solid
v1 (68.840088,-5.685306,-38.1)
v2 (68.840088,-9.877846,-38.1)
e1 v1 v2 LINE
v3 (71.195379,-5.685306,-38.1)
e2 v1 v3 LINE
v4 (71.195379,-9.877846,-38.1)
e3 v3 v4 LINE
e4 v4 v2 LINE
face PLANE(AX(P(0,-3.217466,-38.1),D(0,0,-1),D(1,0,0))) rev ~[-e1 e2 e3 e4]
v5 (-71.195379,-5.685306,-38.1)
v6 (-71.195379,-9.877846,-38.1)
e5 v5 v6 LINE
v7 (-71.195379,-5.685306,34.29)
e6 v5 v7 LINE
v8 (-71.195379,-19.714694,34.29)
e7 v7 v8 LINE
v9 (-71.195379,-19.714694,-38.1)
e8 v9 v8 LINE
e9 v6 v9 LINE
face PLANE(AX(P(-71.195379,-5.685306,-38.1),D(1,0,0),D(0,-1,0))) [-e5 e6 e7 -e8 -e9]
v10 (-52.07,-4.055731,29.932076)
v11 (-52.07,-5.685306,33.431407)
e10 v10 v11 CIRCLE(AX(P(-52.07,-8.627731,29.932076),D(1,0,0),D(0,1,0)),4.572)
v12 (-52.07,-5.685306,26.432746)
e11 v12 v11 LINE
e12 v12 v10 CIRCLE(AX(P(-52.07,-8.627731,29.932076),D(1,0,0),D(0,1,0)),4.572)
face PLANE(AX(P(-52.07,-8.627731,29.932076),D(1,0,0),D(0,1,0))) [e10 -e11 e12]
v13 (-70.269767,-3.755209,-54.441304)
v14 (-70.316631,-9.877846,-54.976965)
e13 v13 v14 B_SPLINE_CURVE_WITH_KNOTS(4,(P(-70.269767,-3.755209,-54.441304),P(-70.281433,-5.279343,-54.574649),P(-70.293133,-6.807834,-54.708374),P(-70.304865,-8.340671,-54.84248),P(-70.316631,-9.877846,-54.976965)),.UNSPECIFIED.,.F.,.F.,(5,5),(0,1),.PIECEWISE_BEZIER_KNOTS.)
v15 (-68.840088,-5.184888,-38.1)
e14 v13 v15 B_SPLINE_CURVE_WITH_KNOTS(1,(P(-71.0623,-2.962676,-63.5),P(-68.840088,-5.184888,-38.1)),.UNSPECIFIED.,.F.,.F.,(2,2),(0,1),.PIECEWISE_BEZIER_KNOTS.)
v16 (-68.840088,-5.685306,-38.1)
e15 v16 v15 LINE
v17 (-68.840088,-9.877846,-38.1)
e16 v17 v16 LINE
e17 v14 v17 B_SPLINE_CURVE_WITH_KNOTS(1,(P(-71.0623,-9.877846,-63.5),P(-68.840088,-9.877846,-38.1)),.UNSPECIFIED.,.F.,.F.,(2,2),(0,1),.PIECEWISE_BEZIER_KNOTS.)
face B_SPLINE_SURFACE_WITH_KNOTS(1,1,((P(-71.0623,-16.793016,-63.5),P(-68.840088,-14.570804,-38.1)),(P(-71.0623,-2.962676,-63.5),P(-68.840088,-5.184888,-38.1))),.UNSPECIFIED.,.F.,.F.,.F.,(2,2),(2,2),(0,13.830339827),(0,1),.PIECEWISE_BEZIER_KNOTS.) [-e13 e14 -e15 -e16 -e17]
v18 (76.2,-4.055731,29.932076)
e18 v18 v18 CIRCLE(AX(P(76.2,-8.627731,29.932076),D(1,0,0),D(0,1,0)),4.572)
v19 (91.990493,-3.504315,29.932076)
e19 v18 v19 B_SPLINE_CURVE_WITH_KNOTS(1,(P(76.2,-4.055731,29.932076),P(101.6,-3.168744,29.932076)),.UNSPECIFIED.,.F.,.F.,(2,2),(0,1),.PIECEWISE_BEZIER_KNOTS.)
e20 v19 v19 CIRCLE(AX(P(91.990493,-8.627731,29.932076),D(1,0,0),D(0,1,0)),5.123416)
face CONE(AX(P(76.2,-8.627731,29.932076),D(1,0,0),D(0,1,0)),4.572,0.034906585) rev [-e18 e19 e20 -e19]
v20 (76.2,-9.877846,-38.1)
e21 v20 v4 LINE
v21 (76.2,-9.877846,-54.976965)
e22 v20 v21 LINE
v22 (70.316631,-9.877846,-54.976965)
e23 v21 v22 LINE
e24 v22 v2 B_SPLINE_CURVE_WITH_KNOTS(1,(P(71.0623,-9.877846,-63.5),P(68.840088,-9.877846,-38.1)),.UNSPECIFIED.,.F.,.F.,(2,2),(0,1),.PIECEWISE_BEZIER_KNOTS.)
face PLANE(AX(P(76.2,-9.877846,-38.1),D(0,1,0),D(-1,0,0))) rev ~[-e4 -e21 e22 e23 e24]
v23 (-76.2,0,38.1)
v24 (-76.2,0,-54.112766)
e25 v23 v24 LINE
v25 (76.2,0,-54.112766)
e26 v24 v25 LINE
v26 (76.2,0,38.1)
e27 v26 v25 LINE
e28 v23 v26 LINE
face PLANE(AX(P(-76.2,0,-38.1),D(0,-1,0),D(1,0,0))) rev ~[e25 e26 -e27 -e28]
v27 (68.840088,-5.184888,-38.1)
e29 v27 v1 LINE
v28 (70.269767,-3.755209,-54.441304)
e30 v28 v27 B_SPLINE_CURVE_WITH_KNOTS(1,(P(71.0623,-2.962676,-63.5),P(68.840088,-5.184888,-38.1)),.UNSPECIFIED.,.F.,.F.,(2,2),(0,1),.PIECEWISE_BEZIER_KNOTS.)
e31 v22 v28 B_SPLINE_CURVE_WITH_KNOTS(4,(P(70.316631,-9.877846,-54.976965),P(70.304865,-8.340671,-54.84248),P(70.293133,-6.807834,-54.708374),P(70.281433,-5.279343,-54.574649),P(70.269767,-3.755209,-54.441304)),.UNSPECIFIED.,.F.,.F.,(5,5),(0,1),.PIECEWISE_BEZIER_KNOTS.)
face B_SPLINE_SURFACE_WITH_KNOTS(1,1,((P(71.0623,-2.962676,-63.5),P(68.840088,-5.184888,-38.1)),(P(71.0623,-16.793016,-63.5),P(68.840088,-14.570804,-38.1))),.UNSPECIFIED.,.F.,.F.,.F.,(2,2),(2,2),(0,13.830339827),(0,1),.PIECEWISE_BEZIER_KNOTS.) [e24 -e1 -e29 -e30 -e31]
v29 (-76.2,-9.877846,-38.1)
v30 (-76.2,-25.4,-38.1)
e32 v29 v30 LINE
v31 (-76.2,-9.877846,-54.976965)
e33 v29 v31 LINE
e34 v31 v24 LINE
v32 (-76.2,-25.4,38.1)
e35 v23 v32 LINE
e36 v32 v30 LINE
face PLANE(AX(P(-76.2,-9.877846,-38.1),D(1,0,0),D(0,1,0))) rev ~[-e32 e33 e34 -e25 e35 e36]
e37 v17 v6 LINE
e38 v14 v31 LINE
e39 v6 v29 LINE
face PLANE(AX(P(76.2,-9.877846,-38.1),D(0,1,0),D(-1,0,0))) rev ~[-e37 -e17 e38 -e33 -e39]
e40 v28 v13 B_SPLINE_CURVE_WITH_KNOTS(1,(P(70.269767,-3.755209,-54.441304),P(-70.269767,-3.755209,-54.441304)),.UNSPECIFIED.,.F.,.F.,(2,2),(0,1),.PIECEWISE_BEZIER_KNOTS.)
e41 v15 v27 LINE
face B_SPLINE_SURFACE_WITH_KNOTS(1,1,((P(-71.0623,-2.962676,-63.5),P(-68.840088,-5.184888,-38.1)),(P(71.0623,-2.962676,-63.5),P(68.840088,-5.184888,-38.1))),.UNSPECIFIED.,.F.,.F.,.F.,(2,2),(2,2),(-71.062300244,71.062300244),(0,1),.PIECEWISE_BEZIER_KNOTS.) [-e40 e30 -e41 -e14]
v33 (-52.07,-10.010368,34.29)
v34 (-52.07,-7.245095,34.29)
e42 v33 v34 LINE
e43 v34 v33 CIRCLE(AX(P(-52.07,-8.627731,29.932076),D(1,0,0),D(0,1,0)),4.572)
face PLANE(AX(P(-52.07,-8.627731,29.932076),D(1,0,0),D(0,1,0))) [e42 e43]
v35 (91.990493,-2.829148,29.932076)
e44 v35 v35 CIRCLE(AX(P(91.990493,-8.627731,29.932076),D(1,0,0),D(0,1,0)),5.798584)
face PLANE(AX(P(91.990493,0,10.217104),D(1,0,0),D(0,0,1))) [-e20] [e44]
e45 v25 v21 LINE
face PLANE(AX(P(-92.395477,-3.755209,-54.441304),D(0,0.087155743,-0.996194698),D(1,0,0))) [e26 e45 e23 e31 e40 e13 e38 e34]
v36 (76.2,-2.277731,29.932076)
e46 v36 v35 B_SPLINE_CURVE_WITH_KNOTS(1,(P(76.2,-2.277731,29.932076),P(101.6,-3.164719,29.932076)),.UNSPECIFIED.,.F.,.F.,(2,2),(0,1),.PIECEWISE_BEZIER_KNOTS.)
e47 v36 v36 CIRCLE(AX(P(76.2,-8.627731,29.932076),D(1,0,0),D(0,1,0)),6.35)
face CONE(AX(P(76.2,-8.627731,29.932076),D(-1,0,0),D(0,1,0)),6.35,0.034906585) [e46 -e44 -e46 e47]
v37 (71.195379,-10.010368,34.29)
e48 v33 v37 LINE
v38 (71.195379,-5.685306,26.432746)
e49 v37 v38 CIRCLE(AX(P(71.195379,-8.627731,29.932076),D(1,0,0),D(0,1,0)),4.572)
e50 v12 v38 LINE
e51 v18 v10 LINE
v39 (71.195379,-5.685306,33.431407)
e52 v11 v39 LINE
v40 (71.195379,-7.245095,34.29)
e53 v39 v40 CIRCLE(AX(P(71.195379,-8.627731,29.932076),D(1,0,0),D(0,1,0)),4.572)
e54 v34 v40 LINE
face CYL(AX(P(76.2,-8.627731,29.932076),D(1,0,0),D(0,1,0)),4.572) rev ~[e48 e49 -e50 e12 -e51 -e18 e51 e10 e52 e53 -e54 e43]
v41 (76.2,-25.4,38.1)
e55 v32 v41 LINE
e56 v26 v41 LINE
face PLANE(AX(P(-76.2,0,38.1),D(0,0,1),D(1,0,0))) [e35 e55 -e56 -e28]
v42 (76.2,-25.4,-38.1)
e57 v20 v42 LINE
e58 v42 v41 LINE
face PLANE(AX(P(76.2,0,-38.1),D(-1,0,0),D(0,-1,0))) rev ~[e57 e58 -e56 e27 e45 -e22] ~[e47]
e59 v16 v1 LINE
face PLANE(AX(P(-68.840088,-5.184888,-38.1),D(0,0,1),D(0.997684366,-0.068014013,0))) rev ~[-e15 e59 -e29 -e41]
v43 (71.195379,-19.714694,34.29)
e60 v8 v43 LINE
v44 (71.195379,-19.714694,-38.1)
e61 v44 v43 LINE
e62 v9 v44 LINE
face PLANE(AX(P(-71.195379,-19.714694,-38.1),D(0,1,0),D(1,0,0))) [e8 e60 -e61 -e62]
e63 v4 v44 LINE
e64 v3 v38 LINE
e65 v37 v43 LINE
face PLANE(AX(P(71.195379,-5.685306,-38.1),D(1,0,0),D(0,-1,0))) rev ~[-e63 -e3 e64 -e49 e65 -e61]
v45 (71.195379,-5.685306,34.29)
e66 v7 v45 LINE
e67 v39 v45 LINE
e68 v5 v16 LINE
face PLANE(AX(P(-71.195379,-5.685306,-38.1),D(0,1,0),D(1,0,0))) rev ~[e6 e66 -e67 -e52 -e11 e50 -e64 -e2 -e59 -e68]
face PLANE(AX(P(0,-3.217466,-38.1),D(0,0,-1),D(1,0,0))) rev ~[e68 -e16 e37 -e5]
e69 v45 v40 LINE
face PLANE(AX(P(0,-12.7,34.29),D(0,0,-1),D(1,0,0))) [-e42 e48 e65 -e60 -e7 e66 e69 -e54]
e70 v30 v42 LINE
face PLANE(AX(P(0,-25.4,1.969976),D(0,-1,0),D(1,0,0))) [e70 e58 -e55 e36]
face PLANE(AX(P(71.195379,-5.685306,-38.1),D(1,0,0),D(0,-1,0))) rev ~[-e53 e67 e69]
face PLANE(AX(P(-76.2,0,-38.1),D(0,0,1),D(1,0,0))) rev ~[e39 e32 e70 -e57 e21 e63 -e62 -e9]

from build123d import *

# Parameters (mm, degrees)
F0_W      = 152.4
F0_H      = 72.2600477695
F0_H_2    = 3.9399522305
F1_DEPTH  = 25.4
F2_R      = 4.572
F3_DEPTH  = 128.27
F2_R_2    = 6.35
F4_DEPTH  = 25.4
F4_TAPER  = 2
F5_W      = 142.3907577991
F5_H      = 14.0293889403
F6_DEPTH  = 72.39
F7_W      = 41.4440333843
F7_H      = 42.0196391642
F8_DEPTH  = 34.29
F9_W      = 142.3907577991
F9_H      = 4.1925401151
F10_DEPTH = 25.4
F11_W     = 142.1246004887
F11_H     = 6.9151699136
F12_DEPTH = 25.4
F12_TAPER = 5
F13_W     = 184.7909539938
F13_H     = 75.5005329847
F14_DEPTH = 12.7


with BuildPart() as f1:
    # F0 (on Front) → F1 (new body)
    with BuildSketch(Plane.XZ):
        with Locations((0, 1.9699761152)):
            Rectangle(F0_W, F0_H)
        with Locations((0, -36.1300238848)):
            Rectangle(F0_W, F0_H_2)
    extrude(amount=F1_DEPTH)

    # F2 (on face) → F3 (cut)
    with BuildSketch(Plane.YZ.offset(76.2)):
        with Locations((-8.627731353, 29.9320761114)):
            Circle(F2_R)
    extrude(amount=-F3_DEPTH, mode=Mode.SUBTRACT)

    # F2 (on face) → F4 (join)
    with BuildSketch(Plane.YZ.offset(76.2)):
        with Locations((-8.627731353, 29.9320761114)):
            Circle(F2_R_2)
        with Locations((-8.627731353, 29.9320761114)):
            Circle(F2_R, mode=Mode.SUBTRACT)
    extrude(amount=F4_DEPTH, taper=F4_TAPER)

    # F5 (on face) → F6 (cut)
    with BuildSketch(Plane(origin=(0, 0, -38.1), x_dir=(1, 0, 0), z_dir=(0, 0, -1))):
        with Locations((0, 12.7)):
            Rectangle(F5_W, F5_H)
    extrude(amount=-F6_DEPTH, mode=Mode.SUBTRACT)

    # F7 (on Front) → F8 (cut, symmetric)
    with BuildSketch(Plane.XZ):
        with Locations((112.7125099301, 31.2269236892)):
            Rectangle(F7_W, F7_H)
    extrude(amount=F8_DEPTH, both=True, mode=Mode.SUBTRACT)

    # F9 (on face) → F10 (join)
    with BuildSketch(Plane(origin=(0, 0, -38.1), x_dir=(1, 0, 0), z_dir=(0, 0, -1))):
        Polygon((-71.1953788996, 9.877845645), (-76.2, 9.877845645), (-76.2, 0), (76.2, 0), (76.2, 9.877845645), (71.1953788996, 9.877845645), (71.1953788996, 5.6853055298), (-71.1953788996, 5.6853055298), align=None)
        with Locations((0, 7.7815755874)):
            Rectangle(F9_W, F9_H)
    extrude(amount=F10_DEPTH)

    # F11 (on face) → F12 (cut)
    with BuildSketch(Plane(origin=(0, 0, -63.5), x_dir=(1, 0, 0), z_dir=(0, 0, -1))):
        with Locations((0, 6.4202606881)):
            Rectangle(F11_W, F11_H)
        with Locations((0, 13.3354306018)):
            Rectangle(F11_W, F11_H)
    extrude(amount=-F12_DEPTH, taper=F12_TAPER, mode=Mode.SUBTRACT)

    # F13 (on face) → F14 (cut, symmetric)
    with BuildSketch(Plane(origin=(0, -8.4535005215, -0.7395854627), x_dir=(1, 0, 0), z_dir=(0, -0.9961946981, -0.0871557427))):
        with Locations((0, -91.6571170092)):
            Rectangle(F13_W, F13_H)
    extrude(amount=F14_DEPTH, both=True, mode=Mode.SUBTRACT)


solid = f1.part
